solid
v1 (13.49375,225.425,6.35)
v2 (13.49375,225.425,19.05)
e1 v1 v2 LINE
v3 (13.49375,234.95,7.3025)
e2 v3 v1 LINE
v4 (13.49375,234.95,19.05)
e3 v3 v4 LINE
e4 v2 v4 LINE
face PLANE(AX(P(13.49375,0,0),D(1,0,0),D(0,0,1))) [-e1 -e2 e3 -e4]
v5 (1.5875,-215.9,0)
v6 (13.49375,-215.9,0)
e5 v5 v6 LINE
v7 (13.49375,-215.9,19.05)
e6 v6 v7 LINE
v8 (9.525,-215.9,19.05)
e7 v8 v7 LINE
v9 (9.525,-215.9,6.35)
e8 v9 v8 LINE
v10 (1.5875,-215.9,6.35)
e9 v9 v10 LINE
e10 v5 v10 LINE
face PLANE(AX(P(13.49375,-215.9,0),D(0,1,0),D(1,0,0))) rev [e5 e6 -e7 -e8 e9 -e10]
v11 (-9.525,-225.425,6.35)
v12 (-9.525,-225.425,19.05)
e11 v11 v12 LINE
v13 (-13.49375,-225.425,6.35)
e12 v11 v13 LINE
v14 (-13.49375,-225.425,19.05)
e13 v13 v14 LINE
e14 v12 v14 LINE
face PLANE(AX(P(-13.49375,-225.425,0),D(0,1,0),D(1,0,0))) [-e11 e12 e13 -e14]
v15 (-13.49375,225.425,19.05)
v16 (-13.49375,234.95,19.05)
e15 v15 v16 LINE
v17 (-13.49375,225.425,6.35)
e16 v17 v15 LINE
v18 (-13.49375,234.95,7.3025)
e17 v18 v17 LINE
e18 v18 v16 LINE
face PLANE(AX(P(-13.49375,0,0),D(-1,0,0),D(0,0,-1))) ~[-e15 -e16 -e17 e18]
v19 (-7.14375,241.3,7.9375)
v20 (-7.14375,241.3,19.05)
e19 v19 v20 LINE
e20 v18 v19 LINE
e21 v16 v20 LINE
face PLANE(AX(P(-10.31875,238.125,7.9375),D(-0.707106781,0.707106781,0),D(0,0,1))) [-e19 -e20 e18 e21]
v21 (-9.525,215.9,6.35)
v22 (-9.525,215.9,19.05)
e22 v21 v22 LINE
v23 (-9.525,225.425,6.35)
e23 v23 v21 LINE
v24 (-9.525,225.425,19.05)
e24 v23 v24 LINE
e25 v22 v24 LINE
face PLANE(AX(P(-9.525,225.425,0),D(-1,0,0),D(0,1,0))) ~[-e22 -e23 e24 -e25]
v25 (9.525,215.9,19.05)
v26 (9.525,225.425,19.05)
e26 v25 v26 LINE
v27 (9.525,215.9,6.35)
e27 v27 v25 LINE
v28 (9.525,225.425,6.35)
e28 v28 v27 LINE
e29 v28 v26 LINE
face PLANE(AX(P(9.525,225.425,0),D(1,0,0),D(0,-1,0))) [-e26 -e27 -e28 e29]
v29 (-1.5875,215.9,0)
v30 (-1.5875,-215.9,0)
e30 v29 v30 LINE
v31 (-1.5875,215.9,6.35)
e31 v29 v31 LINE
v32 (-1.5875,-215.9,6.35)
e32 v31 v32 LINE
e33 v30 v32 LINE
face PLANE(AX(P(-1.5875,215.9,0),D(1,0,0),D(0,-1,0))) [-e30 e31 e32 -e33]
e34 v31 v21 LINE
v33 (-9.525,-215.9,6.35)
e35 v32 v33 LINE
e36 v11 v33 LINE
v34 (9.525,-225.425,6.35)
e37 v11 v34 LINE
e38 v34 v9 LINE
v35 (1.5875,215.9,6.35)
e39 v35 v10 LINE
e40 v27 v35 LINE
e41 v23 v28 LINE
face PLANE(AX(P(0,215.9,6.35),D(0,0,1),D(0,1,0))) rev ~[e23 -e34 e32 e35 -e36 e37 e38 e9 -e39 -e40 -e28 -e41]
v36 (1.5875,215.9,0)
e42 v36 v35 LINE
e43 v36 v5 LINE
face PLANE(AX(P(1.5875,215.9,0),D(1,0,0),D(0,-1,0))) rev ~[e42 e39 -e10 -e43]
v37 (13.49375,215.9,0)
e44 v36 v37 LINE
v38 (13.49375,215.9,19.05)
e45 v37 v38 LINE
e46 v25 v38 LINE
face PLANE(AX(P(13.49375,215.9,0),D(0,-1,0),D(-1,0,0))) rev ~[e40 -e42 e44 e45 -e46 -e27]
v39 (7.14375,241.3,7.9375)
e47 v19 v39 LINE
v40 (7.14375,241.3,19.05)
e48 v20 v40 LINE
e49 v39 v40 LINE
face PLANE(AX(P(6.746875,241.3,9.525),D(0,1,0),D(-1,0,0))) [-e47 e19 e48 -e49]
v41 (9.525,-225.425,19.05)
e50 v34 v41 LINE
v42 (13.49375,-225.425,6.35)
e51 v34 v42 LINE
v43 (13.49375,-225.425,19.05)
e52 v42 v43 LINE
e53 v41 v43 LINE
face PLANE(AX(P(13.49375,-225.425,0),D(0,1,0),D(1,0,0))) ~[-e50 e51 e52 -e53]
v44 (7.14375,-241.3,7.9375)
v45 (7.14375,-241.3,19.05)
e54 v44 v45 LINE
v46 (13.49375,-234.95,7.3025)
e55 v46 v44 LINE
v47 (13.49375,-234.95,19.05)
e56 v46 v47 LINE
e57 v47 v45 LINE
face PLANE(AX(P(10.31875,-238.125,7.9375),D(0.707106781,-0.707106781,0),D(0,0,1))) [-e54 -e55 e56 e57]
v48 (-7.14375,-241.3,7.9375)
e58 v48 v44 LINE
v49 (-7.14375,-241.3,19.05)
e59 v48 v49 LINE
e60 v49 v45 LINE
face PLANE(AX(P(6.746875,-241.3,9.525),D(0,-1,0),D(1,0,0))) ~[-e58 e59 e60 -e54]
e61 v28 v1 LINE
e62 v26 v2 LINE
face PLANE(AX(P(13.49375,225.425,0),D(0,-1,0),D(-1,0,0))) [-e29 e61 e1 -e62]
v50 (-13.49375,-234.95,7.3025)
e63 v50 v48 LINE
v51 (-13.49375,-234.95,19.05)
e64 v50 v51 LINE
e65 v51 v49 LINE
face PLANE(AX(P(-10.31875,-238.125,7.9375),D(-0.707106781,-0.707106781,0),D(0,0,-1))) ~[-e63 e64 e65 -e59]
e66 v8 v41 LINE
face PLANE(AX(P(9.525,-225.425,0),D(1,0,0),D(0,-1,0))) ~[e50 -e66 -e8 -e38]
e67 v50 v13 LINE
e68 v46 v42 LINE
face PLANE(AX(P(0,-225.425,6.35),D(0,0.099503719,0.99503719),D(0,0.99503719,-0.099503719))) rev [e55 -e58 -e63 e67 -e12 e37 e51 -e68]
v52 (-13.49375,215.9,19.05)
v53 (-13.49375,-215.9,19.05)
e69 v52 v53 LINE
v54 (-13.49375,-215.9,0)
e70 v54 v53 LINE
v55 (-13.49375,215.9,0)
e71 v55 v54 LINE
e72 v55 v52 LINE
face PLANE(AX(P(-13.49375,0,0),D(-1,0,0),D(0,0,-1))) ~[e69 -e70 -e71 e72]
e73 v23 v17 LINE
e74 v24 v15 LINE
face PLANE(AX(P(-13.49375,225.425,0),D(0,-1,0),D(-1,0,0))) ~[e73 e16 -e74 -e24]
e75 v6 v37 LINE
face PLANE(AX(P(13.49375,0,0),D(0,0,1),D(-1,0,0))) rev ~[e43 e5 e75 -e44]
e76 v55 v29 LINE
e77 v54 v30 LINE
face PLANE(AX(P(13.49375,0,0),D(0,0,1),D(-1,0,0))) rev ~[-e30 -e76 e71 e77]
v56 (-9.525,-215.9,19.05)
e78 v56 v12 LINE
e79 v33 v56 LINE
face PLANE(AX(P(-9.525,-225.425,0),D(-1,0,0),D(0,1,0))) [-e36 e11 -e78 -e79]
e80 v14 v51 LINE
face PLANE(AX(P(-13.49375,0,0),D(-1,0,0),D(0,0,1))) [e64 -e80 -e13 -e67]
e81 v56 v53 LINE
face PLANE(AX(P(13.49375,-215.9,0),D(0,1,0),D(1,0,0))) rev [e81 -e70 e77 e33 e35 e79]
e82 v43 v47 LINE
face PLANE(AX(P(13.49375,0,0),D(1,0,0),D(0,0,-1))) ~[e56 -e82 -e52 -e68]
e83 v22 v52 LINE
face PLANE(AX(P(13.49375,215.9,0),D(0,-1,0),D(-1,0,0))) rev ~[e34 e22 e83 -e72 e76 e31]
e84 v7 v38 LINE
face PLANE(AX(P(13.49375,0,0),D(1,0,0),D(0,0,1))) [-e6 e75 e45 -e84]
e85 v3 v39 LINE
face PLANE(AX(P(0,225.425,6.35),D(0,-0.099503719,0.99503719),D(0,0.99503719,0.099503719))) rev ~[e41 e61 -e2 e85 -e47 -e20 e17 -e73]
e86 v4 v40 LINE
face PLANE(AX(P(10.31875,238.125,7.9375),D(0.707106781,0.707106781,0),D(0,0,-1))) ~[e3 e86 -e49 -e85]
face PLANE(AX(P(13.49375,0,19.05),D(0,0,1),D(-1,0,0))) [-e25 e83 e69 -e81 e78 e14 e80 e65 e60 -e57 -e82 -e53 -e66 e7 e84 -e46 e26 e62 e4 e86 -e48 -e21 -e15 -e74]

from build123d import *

# Parameters (mm, degrees)
F0_W      = 13.49375
F0_H      = 19.05
F1_DEPTH  = 241.3
F2_W      = 3.96875
F2_H      = 9.525
F3_DEPTH  = 19.051
F5_DEPTH  = 13.49475
F6_SIZE   = 6.35
F9_W      = 3.175
F9_H      = 431.8
F10_DEPTH = 6.35


with BuildPart() as f1:
    # F0 (on Front) → F1 (new body)
    with BuildSketch(Plane.XZ):
        with Locations((-6.746875, 9.525)):
            Rectangle(F0_W, F0_H)
    extrude(amount=F1_DEPTH)

    # F2 (on Top) → F3 (cut, through all)
    with BuildSketch(Plane.XY):
        with Locations((-11.509375, -220.6625)):
            Rectangle(F2_W, F2_H)
    extrude(amount=F3_DEPTH, mode=Mode.SUBTRACT)

    # F4 (on Right) → F5 (cut, through all)
    with BuildSketch(Plane.YZ):
        Polygon((-215.9, 0), (-215.9, 6.35), (-225.425, 6.35), (-241.3, 7.9375), (-241.3, 0), align=None)
    extrude(amount=-F5_DEPTH, mode=Mode.SUBTRACT)

    # F6
    f6_edges = [f1.edges().sort_by_distance(p)[0] for p in [
        (-13.49375, -241.3, 13.49375),
    ]]
    chamfer(f6_edges, length=F6_SIZE)

    # F7: F1 across plane


with BuildPart() as f1_1:
    add(f1.part)
    add(f1.part.mirror(Plane.YZ))

    # F8: F1 across plane


with BuildPart() as f1_2:
    add(f1_1.part)
    add(f1_1.part.mirror(Plane.XZ))

    # F9 (on face) → F10 (cut)
    with BuildSketch(Plane(origin=(0, 0, 0), x_dir=(1, 0, 0), z_dir=(0, 0, -1))):
        Rectangle(F9_W, F9_H)
    extrude(amount=-F10_DEPTH, mode=Mode.SUBTRACT)


solid = f1_2.part
